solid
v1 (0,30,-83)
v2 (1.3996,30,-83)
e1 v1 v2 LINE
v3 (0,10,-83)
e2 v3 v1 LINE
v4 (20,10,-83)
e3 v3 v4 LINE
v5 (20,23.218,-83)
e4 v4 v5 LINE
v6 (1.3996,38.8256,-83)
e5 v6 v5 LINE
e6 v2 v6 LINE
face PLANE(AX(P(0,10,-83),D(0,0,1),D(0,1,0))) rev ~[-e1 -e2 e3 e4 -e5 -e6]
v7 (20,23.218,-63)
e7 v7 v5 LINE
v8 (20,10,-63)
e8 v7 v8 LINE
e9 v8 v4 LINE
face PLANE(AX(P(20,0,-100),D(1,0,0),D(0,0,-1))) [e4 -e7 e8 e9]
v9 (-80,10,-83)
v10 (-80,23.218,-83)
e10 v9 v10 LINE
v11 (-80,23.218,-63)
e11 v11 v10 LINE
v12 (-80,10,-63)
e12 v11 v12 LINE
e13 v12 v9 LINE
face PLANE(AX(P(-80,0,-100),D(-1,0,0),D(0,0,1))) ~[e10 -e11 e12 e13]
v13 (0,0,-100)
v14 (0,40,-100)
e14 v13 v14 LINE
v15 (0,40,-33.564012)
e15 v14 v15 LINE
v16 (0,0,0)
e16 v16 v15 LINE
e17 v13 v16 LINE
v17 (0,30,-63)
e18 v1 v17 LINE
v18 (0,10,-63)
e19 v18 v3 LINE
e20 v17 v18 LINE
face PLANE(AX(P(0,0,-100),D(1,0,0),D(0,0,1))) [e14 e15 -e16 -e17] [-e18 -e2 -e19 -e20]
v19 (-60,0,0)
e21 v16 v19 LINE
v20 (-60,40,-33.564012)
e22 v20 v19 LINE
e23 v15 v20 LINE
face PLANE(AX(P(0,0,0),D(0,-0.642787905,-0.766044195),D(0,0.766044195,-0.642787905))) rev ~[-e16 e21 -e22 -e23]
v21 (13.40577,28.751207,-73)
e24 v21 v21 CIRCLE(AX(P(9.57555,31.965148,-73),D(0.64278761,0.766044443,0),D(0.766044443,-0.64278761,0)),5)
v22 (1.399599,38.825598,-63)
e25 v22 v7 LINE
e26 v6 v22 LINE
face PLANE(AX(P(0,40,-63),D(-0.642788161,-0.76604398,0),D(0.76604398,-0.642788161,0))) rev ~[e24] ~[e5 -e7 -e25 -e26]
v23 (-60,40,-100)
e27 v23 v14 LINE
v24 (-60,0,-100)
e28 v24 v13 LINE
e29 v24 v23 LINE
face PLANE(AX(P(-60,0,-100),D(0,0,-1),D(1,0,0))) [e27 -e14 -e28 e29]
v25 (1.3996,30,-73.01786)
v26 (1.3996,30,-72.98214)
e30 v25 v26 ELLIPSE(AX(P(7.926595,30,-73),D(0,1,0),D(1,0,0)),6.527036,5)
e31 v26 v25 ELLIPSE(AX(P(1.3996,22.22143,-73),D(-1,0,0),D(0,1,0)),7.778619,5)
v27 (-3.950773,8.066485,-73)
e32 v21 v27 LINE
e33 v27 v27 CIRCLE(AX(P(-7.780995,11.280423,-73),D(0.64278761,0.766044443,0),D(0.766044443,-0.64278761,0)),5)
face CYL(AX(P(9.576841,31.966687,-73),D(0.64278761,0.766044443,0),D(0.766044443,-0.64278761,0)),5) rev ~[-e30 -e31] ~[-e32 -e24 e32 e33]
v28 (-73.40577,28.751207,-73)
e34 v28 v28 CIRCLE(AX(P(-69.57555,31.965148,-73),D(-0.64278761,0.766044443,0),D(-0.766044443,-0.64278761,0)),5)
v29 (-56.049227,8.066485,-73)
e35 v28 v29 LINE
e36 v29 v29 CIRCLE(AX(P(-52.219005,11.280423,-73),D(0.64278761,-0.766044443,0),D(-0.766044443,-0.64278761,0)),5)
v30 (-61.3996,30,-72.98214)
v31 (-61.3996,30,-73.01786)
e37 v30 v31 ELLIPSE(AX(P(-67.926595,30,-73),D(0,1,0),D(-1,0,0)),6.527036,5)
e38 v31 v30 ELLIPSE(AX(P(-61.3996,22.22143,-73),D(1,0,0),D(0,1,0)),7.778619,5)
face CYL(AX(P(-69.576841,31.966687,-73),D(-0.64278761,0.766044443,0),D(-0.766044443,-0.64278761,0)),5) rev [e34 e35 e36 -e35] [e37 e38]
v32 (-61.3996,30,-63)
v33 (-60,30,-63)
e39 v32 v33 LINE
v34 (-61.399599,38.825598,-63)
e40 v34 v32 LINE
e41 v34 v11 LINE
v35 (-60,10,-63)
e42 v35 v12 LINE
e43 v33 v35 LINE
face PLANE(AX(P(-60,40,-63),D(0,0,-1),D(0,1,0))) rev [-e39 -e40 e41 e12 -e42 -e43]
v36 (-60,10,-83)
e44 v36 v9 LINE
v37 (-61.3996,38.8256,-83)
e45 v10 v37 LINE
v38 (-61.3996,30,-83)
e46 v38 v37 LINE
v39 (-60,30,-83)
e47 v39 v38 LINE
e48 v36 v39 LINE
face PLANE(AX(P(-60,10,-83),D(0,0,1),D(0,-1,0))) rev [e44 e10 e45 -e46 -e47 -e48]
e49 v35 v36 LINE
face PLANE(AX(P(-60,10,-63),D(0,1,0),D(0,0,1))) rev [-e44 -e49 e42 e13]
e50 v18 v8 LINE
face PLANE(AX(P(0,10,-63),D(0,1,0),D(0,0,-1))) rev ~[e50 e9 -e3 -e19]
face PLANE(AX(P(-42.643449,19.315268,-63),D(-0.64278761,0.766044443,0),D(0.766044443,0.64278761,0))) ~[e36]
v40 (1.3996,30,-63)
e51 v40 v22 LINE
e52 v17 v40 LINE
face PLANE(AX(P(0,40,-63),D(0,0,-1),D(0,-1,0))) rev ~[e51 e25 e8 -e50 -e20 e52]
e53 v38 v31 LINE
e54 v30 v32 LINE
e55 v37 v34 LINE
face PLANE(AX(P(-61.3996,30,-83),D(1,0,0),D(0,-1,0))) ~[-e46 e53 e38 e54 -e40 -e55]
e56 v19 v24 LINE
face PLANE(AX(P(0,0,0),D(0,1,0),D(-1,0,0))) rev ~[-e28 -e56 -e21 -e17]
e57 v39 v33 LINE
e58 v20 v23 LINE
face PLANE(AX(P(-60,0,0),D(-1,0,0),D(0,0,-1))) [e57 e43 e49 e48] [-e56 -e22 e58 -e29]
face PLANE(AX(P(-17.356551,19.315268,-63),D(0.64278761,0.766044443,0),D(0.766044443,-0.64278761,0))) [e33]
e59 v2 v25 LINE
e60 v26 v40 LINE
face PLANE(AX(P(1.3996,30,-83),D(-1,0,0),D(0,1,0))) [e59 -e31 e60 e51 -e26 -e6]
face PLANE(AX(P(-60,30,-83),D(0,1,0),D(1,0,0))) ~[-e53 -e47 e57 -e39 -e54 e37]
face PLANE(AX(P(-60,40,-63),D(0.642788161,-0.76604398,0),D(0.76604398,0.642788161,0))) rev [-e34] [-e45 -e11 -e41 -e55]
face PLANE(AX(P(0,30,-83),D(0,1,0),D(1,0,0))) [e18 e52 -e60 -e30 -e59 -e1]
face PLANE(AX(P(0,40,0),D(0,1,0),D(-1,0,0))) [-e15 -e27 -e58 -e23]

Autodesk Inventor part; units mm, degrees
ref_plane "YZ Plane" through (0, 0, 0) normal (1, 0, 0) x (0, 1, 0)
ref_plane "XZ Plane" through (0, 0, 0) normal (0, 1, 0) x (-1, 0, 0)
ref_plane "XY Plane" through (0, 0, 0) normal (0, 0, 1) x (1, 0, 0)
sketch "Sketch1" plane through (0, 0, 0) normal (0, 1, 0) x (-1, 0, 0)
  line L0 (0, 0) -> (60, 0)
  line L1 (60, 0) -> (60, -100)
  line L2 (60, -100) -> (0, -100)
  line L3 (0, -100) -> (0, 0)
  dimension "d0" = 100
  dimension "d1" = 60
extrude "Extrusion1" add sketch "Sketch1" along normal blind 40
sketch "Sketch2" plane through (0, 0, 0) normal (1, 0, 0) x (0, 0, -1)
  line L0 (0, 0) -> (37.6485, 44.8677)
  line L1 (0, 0) -> (58.5706, 0) construction
  line L2 (100, 40) -> (0, 40) projected
  line L3 (0, 40) -> (0, 0)
  point P0 (33.564, 40)
  dimension "d4" = 50
extrude "Extrusion2" cut sketch "Sketch2" against normal blind 70
sketch "Sketch3" plane through (0, 0, -100) normal (1, 0, 0) x (0, 0, -1)
  line L0 (0, 0) -> (-17, 0)
  line L1 (-100, 0) -> (0, 0) projected
  line L2 (0, 40) -> (-66.436, 40) projected
  line L3 (-17, 40) -> (-37, 40)
  line L4 (-37, 40) -> (-37, 10)
  line L5 (-37, 10) -> (-17, 10)
  line L6 (-17, 10) -> (-17, 40)
  dimension "d7" = 17
  dimension "d8" = 20
  dimension "d9" = 30
extrude "Extrusion3" add sketch "Sketch3" along normal blind 20
sketch "Sketch4" plane through (0, 10, -63) normal (0, 0, 1) x (1, 0, 0)
  line L0 (0, 30) -> (-60, 30) projected
  line L1 (0, 30) -> (29.4147, 5.3181)
  line L2 (0, 30) -> (38.3982, 30) construction
  line L3 (0, 30) -> (20, 30) projected
  line L4 (0, 30) -> (20, 30)
  line L5 (20, 30) -> (20, 13.218)
  line L6 (20, 0) -> (20, 30) projected
  point P0 (0, -10)
  dimension "d12" = 40
extrude "Extrusion4" cut sketch "Sketch4" against normal blind 61.75
ref_plane "Work Plane1" through (-30, 0, -100) normal (1, 0, 0) x (0, 0, -1)
mirror "Mirror1" about plane through (-30, 0, -100) normal (1, 0, 0) of "Extrusion3", "Extrusion4"
sketch "Sketch5" plane through (0, 40, -63) normal (0.6428, 0.766, 0) x (0.766, -0.6428, 0)
  circle A0 centre (12.5, 10) radius 5
  point P0 (25.7115, -63)
  dimension "d16" = 10
extrude "Extrusion5" cut sketch "Sketch5" against normal blind 27
mirror "Mirror2" about plane through (-30, 0, -100) normal (1, 0, 0) of "Extrusion5"
sketch "Sketch6" plane through (20, 10, -83) normal (0, 0, -1) x (-1, 0, 0)
  line L0 (20, 30) -> (20, 0) projected
  line L1 (20, 30) -> (20, 20)
  line L2 (20, 20) -> (18.6004, 20)
  line L3 (18.6004, 20) -> (18.6004, 28.8256)
  line L4 (0, 13.218) -> (20, 30) projected
  point P0 (20, -10)
  point P1 (20, 20)
  dimension "d19" = 10
extrude "Extrusion6" cut sketch "Sketch6" against normal blind 38.25
mirror "Mirror3" about plane through (-30, 0, -100) normal (1, 0, 0) of "Extrusion6"
properties part number "taslak"
